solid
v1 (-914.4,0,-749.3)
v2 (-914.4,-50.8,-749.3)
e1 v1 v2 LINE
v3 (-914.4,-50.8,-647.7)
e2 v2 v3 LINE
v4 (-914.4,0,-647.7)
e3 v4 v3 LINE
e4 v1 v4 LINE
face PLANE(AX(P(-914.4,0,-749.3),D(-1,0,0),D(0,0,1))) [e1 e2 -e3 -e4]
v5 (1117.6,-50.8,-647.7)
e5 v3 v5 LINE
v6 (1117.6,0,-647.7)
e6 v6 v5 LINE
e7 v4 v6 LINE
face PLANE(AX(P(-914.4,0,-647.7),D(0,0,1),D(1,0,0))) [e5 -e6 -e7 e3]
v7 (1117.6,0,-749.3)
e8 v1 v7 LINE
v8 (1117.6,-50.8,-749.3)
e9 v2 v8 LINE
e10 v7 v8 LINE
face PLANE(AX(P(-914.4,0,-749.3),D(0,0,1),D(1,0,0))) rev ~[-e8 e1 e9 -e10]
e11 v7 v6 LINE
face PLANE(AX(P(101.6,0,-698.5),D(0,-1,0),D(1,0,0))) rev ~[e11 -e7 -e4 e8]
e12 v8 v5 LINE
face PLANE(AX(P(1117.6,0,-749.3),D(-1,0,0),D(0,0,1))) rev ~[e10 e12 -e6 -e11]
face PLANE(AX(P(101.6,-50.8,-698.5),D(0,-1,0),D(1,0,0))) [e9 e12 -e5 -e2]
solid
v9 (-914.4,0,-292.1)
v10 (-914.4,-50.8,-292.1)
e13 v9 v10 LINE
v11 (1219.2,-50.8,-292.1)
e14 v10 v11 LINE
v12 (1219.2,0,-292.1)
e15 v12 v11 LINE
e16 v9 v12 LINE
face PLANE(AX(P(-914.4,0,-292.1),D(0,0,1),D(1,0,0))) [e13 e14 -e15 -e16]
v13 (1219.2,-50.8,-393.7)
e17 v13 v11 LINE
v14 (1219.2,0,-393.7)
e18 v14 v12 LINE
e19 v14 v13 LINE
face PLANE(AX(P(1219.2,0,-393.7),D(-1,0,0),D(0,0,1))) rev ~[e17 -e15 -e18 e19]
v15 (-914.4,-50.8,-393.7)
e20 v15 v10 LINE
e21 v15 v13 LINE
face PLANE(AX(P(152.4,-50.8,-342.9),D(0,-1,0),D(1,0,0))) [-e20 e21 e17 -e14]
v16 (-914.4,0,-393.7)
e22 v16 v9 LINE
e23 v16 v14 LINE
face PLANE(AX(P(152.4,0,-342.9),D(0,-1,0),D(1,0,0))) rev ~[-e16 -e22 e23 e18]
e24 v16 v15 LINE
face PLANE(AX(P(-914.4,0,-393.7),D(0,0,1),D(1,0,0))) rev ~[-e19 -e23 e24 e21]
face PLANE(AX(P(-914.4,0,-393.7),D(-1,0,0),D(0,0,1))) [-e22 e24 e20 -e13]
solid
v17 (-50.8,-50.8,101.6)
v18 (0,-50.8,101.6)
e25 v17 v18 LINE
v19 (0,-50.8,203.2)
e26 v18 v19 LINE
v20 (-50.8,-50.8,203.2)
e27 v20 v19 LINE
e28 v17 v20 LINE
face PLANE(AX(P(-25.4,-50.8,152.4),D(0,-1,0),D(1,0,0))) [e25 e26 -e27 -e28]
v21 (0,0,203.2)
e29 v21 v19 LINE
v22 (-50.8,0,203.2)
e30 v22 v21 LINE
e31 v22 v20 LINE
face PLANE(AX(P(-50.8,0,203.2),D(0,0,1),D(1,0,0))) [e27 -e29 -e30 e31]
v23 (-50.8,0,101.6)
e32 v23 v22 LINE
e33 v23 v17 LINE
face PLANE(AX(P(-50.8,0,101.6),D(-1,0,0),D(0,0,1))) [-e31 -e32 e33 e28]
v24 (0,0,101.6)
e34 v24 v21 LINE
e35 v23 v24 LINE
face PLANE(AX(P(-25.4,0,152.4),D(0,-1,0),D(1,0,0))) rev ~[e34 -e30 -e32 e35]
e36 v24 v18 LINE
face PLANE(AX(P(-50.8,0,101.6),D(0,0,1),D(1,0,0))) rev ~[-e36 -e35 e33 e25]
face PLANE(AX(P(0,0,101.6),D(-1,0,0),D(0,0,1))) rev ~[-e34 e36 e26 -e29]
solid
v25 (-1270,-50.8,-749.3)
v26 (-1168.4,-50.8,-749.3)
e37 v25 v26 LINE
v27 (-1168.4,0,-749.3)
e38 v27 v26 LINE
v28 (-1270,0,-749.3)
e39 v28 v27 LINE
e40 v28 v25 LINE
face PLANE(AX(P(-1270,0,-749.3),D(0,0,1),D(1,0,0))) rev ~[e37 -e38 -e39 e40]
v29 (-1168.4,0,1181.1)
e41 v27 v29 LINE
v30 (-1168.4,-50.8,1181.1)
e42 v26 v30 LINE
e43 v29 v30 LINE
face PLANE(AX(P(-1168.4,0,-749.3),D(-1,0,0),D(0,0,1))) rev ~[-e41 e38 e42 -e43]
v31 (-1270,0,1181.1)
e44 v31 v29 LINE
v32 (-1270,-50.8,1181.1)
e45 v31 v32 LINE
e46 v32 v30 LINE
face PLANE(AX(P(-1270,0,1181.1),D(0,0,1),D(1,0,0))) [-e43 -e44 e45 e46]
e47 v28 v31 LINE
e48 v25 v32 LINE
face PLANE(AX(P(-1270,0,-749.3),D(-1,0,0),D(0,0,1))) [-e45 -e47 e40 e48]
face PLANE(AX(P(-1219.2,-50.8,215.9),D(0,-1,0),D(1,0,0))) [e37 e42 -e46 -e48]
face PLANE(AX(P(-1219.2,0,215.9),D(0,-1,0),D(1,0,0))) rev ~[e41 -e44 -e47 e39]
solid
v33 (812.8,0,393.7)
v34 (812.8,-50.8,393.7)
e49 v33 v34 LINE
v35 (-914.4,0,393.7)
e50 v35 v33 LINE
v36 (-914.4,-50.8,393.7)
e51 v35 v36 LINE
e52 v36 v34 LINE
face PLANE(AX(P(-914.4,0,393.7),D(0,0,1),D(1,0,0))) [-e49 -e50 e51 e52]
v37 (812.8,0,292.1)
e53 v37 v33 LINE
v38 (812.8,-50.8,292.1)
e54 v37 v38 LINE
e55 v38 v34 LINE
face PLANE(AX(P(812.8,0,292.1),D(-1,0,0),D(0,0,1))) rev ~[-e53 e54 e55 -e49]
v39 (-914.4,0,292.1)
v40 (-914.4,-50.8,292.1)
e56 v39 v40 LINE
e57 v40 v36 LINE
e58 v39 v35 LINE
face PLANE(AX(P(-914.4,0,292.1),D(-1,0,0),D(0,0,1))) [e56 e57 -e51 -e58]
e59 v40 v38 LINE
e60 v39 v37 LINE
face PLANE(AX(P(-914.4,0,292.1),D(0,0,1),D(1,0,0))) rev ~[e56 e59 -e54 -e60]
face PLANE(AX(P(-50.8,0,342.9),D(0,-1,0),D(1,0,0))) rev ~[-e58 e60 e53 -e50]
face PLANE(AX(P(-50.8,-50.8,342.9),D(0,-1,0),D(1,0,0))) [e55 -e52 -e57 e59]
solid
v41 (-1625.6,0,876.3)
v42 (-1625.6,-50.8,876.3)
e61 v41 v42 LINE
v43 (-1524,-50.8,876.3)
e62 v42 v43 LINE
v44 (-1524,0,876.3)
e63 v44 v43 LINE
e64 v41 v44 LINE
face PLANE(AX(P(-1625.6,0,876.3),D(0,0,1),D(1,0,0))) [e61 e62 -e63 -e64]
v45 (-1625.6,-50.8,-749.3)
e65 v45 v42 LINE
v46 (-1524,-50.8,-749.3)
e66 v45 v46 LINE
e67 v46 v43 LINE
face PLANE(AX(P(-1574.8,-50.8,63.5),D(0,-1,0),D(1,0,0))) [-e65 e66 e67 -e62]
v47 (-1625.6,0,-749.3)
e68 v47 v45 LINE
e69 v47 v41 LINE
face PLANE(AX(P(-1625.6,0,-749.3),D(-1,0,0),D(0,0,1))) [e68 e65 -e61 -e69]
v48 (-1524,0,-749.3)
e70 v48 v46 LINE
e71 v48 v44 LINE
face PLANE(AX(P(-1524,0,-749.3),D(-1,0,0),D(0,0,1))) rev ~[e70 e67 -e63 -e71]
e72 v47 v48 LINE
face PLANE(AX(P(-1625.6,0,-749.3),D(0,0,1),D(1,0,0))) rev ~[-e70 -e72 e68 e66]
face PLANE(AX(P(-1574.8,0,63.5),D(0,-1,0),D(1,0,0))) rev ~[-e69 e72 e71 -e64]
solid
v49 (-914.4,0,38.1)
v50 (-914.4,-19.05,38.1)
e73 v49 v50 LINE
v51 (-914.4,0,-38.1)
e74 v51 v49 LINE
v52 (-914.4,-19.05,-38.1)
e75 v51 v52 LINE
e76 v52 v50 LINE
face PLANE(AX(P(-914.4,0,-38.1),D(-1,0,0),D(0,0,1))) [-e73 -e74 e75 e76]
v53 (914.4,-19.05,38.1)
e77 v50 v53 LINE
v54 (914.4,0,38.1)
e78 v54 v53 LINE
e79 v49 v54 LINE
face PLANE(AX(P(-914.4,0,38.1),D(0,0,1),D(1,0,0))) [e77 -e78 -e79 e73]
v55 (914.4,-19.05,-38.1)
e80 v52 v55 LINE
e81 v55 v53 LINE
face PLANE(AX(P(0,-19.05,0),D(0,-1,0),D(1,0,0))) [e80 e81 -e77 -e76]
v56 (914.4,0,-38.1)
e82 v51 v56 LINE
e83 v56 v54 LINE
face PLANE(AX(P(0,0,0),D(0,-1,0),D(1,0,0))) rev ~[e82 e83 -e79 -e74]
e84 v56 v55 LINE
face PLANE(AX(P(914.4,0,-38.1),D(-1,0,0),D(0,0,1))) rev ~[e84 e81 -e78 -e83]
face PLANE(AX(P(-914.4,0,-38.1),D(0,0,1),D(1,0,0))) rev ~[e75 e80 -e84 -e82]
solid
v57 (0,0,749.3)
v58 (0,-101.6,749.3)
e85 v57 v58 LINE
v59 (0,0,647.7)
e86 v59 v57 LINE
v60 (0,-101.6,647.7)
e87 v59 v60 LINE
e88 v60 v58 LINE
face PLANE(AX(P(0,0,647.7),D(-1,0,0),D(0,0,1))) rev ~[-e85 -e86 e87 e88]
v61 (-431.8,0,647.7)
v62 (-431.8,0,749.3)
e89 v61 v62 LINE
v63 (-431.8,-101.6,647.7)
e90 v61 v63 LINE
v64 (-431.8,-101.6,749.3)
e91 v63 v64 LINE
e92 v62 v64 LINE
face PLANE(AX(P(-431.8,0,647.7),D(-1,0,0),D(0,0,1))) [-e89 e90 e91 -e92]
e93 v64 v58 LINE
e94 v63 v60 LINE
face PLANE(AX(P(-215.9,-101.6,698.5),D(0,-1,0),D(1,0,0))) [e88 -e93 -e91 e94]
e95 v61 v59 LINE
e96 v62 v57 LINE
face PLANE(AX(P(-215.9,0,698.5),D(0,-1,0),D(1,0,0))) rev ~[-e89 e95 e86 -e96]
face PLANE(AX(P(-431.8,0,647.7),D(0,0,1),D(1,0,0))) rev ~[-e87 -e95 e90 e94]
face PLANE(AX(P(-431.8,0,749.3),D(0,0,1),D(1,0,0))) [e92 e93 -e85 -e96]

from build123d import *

# Parameters (mm, degrees)
F2_W      = 1828.8
F2_H      = 76.2
F3_DEPTH  = 19.05
F4_W      = 2133.6
F4_H      = 101.6
F5_DEPTH  = 50.8
F6_W      = 2032
F6_H      = 101.6
F7_DEPTH  = 50.8
F8_W      = 1727.2
F8_H      = 101.6
F9_DEPTH  = 50.8
F10_W     = 50.8
F10_H     = 101.6
F11_DEPTH = 50.8
F12_W     = 431.8
F12_H     = 101.6
F13_DEPTH = 101.6
F14_W     = 101.6
F14_H     = 1930.4
F15_DEPTH = 50.8
F16_W     = 101.6
F16_H     = 1625.6
F17_DEPTH = 50.8


with BuildPart() as f3:
    # F2 (on Front) → F3 (new body)
    with BuildSketch(Plane.XZ):
        Rectangle(F2_W, F2_H)
    extrude(amount=F3_DEPTH)


with BuildPart() as f5:
    # F4 (on Front) → F5 (new body)
    with BuildSketch(Plane.XZ):
        with Locations((152.4, -342.9)):
            Rectangle(F4_W, F4_H)
    extrude(amount=F5_DEPTH)


with BuildPart() as f7:
    # F6 (on Front) → F7 (new body)
    with BuildSketch(Plane.XZ):
        with Locations((101.6, -698.5)):
            Rectangle(F6_W, F6_H)
    extrude(amount=F7_DEPTH)


with BuildPart() as f9:
    # F8 (on Front) → F9 (new body)
    with BuildSketch(Plane.XZ):
        with Locations((-50.8, 342.9)):
            Rectangle(F8_W, F8_H)
    extrude(amount=F9_DEPTH)


with BuildPart() as f11:
    # F10 (on Front) → F11 (new body)
    with BuildSketch(Plane.XZ):
        with Locations((-25.4, 152.4)):
            Rectangle(F10_W, F10_H)
    extrude(amount=F11_DEPTH)


with BuildPart() as f13:
    # F12 (on Front) → F13 (new body)
    with BuildSketch(Plane.XZ):
        with Locations((-215.9, 698.5)):
            Rectangle(F12_W, F12_H)
    extrude(amount=F13_DEPTH)


with BuildPart() as f15:
    # F14 (on Front) → F15 (new body)
    with BuildSketch(Plane.XZ):
        with Locations((-1219.2, 215.9)):
            Rectangle(F14_W, F14_H)
    extrude(amount=F15_DEPTH)


with BuildPart() as f17:
    # F16 (on Front) → F17 (new body)
    with BuildSketch(Plane.XZ):
        with Locations((-1574.8, 63.5)):
            Rectangle(F16_W, F16_H)
    extrude(amount=F17_DEPTH)


solid = Compound([f3.part, f5.part, f7.part, f9.part, f11.part, f13.part, f15.part, f17.part])
